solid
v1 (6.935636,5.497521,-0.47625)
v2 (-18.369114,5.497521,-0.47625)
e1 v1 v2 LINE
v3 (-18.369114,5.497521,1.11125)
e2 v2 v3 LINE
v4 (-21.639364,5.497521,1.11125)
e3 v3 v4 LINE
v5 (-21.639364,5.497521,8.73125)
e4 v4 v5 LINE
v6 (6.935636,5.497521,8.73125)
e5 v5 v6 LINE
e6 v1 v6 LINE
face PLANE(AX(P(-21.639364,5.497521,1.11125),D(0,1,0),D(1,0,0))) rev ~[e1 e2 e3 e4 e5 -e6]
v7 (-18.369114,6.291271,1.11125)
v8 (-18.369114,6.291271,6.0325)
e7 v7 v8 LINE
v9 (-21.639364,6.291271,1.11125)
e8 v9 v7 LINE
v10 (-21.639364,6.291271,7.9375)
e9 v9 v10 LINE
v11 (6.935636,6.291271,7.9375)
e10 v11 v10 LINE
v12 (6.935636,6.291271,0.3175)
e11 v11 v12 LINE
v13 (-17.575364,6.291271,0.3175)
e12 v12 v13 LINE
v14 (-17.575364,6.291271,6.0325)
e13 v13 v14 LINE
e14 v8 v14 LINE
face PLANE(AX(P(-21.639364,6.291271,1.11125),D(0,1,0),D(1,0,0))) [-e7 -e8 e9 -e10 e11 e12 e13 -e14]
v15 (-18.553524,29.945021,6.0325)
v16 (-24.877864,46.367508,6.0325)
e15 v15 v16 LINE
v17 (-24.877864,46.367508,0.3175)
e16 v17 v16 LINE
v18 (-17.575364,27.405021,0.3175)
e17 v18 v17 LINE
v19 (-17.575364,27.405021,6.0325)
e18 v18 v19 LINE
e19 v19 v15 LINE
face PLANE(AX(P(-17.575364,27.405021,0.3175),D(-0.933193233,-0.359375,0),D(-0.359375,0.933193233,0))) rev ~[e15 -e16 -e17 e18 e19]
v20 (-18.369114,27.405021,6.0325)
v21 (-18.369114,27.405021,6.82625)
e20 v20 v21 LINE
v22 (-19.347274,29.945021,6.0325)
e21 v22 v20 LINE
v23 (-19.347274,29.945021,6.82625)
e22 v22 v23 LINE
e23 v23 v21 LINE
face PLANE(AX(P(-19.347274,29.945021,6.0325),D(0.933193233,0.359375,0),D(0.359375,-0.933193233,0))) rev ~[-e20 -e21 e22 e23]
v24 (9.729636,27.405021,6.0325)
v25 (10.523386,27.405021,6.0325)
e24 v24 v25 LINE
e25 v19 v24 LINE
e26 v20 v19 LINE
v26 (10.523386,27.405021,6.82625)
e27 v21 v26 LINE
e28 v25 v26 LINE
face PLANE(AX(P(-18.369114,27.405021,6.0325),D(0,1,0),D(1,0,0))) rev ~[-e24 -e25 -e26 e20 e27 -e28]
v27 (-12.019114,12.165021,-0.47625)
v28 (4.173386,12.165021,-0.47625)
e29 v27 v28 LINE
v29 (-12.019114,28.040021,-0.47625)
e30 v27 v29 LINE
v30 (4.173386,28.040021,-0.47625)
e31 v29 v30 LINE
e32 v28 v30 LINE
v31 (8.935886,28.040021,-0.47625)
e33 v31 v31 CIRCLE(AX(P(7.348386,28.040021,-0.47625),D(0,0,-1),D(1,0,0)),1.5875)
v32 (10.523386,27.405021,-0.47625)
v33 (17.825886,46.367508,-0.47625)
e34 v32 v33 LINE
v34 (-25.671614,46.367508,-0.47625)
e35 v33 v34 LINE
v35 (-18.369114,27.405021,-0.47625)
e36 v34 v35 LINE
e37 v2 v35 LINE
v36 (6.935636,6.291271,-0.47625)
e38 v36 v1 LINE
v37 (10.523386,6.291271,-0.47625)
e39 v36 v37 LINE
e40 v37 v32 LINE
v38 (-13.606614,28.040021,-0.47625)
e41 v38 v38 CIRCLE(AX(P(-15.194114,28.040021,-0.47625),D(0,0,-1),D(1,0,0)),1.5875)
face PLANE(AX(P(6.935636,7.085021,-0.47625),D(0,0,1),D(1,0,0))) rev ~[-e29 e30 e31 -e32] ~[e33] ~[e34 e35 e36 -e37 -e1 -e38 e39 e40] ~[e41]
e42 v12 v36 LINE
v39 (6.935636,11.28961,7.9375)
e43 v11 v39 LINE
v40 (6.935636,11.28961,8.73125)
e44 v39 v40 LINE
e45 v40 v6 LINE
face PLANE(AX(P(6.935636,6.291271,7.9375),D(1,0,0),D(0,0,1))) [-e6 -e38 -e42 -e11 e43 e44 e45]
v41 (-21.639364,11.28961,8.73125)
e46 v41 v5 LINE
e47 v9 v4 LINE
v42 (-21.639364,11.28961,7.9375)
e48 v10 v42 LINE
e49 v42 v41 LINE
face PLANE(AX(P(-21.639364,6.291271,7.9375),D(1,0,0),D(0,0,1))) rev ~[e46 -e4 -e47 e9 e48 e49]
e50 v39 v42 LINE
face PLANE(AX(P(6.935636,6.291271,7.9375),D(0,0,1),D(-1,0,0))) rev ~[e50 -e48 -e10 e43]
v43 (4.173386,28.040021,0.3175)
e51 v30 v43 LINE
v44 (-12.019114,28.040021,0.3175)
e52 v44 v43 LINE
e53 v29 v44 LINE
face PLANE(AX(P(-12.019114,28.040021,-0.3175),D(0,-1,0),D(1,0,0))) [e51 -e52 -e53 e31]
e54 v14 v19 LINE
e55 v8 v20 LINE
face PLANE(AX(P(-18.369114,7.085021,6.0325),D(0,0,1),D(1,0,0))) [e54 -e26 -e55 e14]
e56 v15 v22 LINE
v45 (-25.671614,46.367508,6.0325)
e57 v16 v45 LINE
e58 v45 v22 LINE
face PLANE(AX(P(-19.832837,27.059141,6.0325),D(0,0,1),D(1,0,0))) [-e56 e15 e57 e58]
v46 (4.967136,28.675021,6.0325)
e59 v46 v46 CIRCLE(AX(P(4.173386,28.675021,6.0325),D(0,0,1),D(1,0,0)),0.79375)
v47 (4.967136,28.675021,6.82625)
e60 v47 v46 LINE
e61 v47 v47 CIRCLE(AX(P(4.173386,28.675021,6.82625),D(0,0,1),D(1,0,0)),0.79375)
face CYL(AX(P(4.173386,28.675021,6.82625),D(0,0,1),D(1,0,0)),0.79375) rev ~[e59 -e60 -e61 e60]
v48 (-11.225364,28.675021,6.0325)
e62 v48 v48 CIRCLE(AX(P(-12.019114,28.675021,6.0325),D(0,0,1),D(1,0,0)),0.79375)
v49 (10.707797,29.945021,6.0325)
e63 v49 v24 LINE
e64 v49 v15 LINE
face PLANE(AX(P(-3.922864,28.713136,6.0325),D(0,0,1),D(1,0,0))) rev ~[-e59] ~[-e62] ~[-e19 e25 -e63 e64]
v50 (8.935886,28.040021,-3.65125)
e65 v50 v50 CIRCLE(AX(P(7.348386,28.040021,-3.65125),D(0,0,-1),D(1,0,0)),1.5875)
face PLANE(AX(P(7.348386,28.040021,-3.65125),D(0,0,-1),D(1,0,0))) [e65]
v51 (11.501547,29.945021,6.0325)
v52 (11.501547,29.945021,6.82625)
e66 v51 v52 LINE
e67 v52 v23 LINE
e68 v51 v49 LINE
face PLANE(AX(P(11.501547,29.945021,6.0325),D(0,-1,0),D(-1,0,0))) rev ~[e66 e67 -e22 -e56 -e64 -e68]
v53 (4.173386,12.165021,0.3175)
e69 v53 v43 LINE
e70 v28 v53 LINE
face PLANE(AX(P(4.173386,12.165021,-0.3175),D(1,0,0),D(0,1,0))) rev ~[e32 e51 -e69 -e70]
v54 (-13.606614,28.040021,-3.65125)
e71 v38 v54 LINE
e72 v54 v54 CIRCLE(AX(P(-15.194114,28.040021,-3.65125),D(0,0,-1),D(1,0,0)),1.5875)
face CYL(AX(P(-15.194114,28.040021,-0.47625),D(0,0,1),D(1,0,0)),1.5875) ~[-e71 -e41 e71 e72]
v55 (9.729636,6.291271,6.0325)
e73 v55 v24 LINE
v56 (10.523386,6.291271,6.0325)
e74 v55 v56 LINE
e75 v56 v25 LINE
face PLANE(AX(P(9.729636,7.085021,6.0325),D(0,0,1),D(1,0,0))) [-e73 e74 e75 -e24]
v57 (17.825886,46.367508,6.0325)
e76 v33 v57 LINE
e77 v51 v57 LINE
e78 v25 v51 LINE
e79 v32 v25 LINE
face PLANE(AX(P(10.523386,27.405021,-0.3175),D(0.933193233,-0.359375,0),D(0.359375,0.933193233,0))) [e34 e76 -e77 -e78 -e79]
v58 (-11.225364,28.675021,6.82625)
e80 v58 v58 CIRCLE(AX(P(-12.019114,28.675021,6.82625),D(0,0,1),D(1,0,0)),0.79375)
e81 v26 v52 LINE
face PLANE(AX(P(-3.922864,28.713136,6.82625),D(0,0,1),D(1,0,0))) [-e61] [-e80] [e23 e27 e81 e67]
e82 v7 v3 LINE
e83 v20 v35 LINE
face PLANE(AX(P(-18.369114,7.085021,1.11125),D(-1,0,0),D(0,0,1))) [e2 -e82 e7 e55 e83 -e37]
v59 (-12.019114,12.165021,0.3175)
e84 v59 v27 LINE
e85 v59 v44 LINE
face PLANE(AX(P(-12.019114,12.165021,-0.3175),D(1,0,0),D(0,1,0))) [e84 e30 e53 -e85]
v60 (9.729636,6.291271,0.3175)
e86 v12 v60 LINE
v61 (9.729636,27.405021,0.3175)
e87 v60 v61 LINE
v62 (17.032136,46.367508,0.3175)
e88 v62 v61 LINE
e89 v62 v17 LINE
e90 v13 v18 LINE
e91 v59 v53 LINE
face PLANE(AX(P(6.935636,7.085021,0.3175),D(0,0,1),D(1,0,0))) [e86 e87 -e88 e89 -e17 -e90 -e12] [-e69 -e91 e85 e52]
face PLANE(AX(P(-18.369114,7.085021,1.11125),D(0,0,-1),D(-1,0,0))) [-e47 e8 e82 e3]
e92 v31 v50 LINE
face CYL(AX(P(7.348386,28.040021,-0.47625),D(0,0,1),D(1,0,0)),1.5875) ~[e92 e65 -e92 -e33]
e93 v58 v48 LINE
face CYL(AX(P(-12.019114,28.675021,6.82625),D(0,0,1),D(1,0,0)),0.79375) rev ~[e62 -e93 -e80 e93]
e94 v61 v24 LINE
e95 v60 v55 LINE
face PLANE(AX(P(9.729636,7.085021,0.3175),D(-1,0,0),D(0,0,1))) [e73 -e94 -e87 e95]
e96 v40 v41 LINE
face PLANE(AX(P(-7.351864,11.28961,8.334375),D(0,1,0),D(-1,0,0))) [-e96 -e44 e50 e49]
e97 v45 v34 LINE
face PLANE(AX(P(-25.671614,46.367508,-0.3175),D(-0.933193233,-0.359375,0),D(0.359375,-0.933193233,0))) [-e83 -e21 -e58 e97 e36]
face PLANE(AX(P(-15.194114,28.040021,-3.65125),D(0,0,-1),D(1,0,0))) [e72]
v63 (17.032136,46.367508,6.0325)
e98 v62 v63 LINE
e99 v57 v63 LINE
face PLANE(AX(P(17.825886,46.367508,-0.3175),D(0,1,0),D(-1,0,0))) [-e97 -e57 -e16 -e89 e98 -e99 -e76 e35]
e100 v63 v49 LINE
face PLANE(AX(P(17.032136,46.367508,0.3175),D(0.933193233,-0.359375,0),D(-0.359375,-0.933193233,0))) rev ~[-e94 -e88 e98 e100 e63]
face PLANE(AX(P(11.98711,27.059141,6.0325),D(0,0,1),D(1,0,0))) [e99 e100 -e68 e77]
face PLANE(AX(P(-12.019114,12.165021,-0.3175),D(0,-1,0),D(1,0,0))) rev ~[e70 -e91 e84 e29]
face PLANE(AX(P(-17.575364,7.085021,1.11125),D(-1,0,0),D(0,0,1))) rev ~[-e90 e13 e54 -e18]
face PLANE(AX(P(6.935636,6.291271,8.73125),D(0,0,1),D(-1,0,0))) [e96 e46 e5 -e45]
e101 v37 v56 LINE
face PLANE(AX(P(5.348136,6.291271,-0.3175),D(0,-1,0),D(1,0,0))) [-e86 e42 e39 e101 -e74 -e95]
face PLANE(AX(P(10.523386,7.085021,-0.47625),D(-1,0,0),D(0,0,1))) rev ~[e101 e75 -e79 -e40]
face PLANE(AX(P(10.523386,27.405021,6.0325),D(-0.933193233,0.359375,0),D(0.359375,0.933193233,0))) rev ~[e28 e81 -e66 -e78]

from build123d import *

# Parameters (mm, degrees)
F0_W      = 16.1925
F0_H      = 15.875
F1_DEPTH  = 0.3175
F3_DEPTH  = 5.715
F5_DEPTH  = 0.79375
F6_R      = 0.79375
F7_DEPTH  = 0.79375
F8_DEPTH  = 0.3175
F9_W      = 1.5875
F9_H      = 0.635
F10_DEPTH = 1.5875
F11_DEPTH = 0.3175
F12_W     = 1.5875
F12_H     = 1.5875
F13_DEPTH = 0.79375
F14_DEPTH = 0.15875
F15_R     = 0.5
F16_DEPTH = 25.4
F17_R     = 1.5875
F18_DEPTH = 3.175
F19_DEPTH = 1.5875
F20_DEPTH = 12.7
F21_R     = 0.5
F22_DEPTH = 25.30475
F23_W     = 1.5875
F23_H     = 1.5875
F24_DEPTH = 3.27025
F25_W     = 28.575
F25_H     = 0.79375
F26_DEPTH = 7.62
F27_DEPTH = 0.79375
F28_DEPTH = 0.79375
F29_DEPTH = 0.79375
F30_DEPTH = 25.4
F31_W     = 28.575
F31_H     = 0.79375
F32_DEPTH = 4.998339


with BuildPart() as f1:
    # F0 (on Top) → F1 (new body)
    with BuildSketch(Plane.XY):
        Polygon((-25.671613648, 46.3675076752), (-18.369113648, 27.4050211887), (-18.369113648, 7.0850211887), (10.523386352, 7.0850211887), (10.523386352, 27.4050211887), (17.825886352, 46.3675076752), align=None)
        with Locations((-3.922863648, 20.1025211887)):
            Rectangle(F0_W, F0_H, mode=Mode.SUBTRACT)
    extrude(amount=F1_DEPTH)

    # F2 (on face) → F3 (join)
    with BuildSketch(Plane.XY.offset(0.3175)):
        Polygon((17.825886352, 46.3675076752), (17.032136352, 46.3675076752), (9.729636352, 27.4050211887), (9.729636352, 7.0850211887), (10.523386352, 7.0850211887), (10.523386352, 27.4050211887), align=None)
        Polygon((-24.877863648, 46.3675076752), (-25.671613648, 46.3675076752), (-18.369113648, 27.4050211887), (-18.369113648, 7.0850211887), (-17.575363648, 7.0850211887), (-17.575363648, 27.4050211887), align=None)
    extrude(amount=F3_DEPTH)

    # F4 (on face) → F5 (join)
    with BuildSketch(Plane.XY.offset(6.0325)):
        Polygon((-19.3472738705, 29.9450211887), (-18.369113648, 27.4050211887), (10.523386352, 27.4050211887), (11.5015465745, 29.9450211887), align=None)
    extrude(amount=F5_DEPTH)

    # F6 (on face) → F7 (cut)
    with BuildSketch(Plane.XY.offset(6.82625)):
        with Locations((-12.019113648, 28.6750211887)):
            Circle(F6_R)
        with Locations((4.173386352, 28.6750211887)):
            Circle(F6_R)
    extrude(amount=-F7_DEPTH, mode=Mode.SUBTRACT)

    # F8 (add): a face of the model
    f8_faces = [f1.faces().sort_by_distance(p)[0] for p in [
        (-3.922863648, 30.216271867, 0),
    ]]
    extrude(f8_faces, amount=F8_DEPTH)

    # F9 (on face) → F10 (join)
    with BuildSketch(Plane.XZ.offset(-7.0850211887)):
        Polygon((-17.575363648, 0.3175), (-18.369113648, 0.3175), (-18.369113648, -0.3175), (-16.781613648, -0.3175), (-16.781613648, 0.3175), align=None)
        with Locations((-14.400363648, 0)):
            Rectangle(F9_W, F9_H)
        with Locations((1.379386352, 0)):
            Rectangle(F9_W, F9_H)
        with Locations((4.554386352, 0)):
            Rectangle(F9_W, F9_H)
    extrude(amount=F10_DEPTH)

    # F11 (add): a face of the model
    f11_faces = [f1.faces().sort_by_distance(p)[0] for p in [
        (-3.9482759262, 29.9813117116, -0.3175),
    ]]
    extrude(f11_faces, amount=F11_DEPTH)

    # F12 (on face) → F13 (join)
    with BuildSketch(Plane.XY.offset(0.3175)):
        with Locations((-17.575363648, 6.2912711887)):
            Rectangle(F12_W, F12_H)
        with Locations((-14.400363648, 6.2912711887)):
            Rectangle(F12_W, F12_H)
        with Locations((1.379386352, 6.2912711887)):
            Rectangle(F12_W, F12_H)
        with Locations((4.554386352, 6.2912711887)):
            Rectangle(F12_W, F12_H)
    extrude(amount=F13_DEPTH)

    # F14 (cut): a face of the model
    f14_faces = [f1.faces().sort_by_distance(p)[0] for p in [
        (-3.9482759262, 29.9813117116, -0.635),
    ]]
    extrude(f14_faces, amount=-F14_DEPTH, mode=Mode.SUBTRACT)

    # F15 (on face) → F16 (cut)
    with BuildSketch(Plane(origin=(-18.369113648, 0, 0), x_dir=(0, -1, 0), z_dir=(-1, 0, 0))):
        with Locations((-6.2912711887, 0.3175)):
            Circle(F15_R)
    extrude(amount=-F16_DEPTH, mode=Mode.SUBTRACT)

    # F17 (on face) → F18 (join)
    with BuildSketch(Plane(origin=(0, 0, -0.47625), x_dir=(1, 0, 0), z_dir=(0, 0, -1))):
        with Locations((-15.194113648, -28.0400211887)):
            Circle(F17_R)
        with Locations((7.348386352, -28.0400211887)):
            Circle(F17_R)
    extrude(amount=F18_DEPTH)

    # F19 (add): faces of the model
    f19_faces = [f1.faces().sort_by_distance(p)[0] for p in [
        (5.348136352, 7.0625705484, -0.079375),
        (2.173136352, 7.0625705484, -0.079375),
        (-16.781613648, 7.0625705484, -0.079375),
        (-13.606613648, 7.0625705484, -0.079375),
    ]]
    extrude(f19_faces, amount=F19_DEPTH)

    # F20 (add): a face of the model
    f20_faces = [f1.faces().sort_by_distance(p)[0] for p in [
        (-12.019113648, 6.2912711887, -0.4537993597),
    ]]
    extrude(f20_faces, amount=F20_DEPTH)

    # F21 (on face) → F22 (join)
    with BuildSketch(Plane.YZ.offset(6.935636352)):
        with Locations((6.2912711887, 0.3175)):
            Circle(F21_R)
    extrude(amount=-F22_DEPTH)

    # F23 (on face) → F24 (join)
    with BuildSketch(Plane(origin=(-18.369113648, 0, 0), x_dir=(0, -1, 0), z_dir=(-1, 0, 0))):
        with Locations((-6.2912711887, 0.3175)):
            Rectangle(F23_W, F23_H)
    extrude(amount=F24_DEPTH)

    # F25 (on face) → F26 (join)
    with BuildSketch(Plane.XY.offset(1.11125)):
        with Locations((-7.351863648, 5.8943961887)):
            Rectangle(F25_W, F25_H)
    extrude(amount=F26_DEPTH)

    # F27 (cut): a face of the model
    f27_faces = [f1.faces().sort_by_distance(p)[0] for p in [
        (-5.319863648, 7.0850211887, 0.714375),
    ]]
    extrude(f27_faces, amount=-F27_DEPTH, mode=Mode.SUBTRACT)

    # F28 (add): a face of the model
    f28_faces = [f1.faces().sort_by_distance(p)[0] for p in [
        (-17.972238648, 7.0850211887, 3.571875),
    ]]
    extrude(f28_faces, amount=F28_DEPTH)

    # F29 (add): a face of the model
    f29_faces = [f1.faces().sort_by_distance(p)[0] for p in [
        (8.729511352, 7.0850211887, -0.4019292246),
    ]]
    extrude(f29_faces, amount=F29_DEPTH)

    # F30 (cut): a face of the model
    f30_faces = [f1.faces().sort_by_distance(p)[0] for p in [
        (-20.004238648, 7.0850211887, 0.3175),
    ]]
    extrude(f30_faces, amount=-F30_DEPTH, mode=Mode.SUBTRACT)

    # F31 (on face) → F32 (join)
    with BuildSketch(Plane(origin=(0, 6.2912711887, 0), x_dir=(-1, 0, 0), z_dir=(0, 1, 0))):
        with Locations((7.351863648, 8.334375)):
            Rectangle(F31_W, F31_H)
    extrude(amount=F32_DEPTH)


solid = f1.part
